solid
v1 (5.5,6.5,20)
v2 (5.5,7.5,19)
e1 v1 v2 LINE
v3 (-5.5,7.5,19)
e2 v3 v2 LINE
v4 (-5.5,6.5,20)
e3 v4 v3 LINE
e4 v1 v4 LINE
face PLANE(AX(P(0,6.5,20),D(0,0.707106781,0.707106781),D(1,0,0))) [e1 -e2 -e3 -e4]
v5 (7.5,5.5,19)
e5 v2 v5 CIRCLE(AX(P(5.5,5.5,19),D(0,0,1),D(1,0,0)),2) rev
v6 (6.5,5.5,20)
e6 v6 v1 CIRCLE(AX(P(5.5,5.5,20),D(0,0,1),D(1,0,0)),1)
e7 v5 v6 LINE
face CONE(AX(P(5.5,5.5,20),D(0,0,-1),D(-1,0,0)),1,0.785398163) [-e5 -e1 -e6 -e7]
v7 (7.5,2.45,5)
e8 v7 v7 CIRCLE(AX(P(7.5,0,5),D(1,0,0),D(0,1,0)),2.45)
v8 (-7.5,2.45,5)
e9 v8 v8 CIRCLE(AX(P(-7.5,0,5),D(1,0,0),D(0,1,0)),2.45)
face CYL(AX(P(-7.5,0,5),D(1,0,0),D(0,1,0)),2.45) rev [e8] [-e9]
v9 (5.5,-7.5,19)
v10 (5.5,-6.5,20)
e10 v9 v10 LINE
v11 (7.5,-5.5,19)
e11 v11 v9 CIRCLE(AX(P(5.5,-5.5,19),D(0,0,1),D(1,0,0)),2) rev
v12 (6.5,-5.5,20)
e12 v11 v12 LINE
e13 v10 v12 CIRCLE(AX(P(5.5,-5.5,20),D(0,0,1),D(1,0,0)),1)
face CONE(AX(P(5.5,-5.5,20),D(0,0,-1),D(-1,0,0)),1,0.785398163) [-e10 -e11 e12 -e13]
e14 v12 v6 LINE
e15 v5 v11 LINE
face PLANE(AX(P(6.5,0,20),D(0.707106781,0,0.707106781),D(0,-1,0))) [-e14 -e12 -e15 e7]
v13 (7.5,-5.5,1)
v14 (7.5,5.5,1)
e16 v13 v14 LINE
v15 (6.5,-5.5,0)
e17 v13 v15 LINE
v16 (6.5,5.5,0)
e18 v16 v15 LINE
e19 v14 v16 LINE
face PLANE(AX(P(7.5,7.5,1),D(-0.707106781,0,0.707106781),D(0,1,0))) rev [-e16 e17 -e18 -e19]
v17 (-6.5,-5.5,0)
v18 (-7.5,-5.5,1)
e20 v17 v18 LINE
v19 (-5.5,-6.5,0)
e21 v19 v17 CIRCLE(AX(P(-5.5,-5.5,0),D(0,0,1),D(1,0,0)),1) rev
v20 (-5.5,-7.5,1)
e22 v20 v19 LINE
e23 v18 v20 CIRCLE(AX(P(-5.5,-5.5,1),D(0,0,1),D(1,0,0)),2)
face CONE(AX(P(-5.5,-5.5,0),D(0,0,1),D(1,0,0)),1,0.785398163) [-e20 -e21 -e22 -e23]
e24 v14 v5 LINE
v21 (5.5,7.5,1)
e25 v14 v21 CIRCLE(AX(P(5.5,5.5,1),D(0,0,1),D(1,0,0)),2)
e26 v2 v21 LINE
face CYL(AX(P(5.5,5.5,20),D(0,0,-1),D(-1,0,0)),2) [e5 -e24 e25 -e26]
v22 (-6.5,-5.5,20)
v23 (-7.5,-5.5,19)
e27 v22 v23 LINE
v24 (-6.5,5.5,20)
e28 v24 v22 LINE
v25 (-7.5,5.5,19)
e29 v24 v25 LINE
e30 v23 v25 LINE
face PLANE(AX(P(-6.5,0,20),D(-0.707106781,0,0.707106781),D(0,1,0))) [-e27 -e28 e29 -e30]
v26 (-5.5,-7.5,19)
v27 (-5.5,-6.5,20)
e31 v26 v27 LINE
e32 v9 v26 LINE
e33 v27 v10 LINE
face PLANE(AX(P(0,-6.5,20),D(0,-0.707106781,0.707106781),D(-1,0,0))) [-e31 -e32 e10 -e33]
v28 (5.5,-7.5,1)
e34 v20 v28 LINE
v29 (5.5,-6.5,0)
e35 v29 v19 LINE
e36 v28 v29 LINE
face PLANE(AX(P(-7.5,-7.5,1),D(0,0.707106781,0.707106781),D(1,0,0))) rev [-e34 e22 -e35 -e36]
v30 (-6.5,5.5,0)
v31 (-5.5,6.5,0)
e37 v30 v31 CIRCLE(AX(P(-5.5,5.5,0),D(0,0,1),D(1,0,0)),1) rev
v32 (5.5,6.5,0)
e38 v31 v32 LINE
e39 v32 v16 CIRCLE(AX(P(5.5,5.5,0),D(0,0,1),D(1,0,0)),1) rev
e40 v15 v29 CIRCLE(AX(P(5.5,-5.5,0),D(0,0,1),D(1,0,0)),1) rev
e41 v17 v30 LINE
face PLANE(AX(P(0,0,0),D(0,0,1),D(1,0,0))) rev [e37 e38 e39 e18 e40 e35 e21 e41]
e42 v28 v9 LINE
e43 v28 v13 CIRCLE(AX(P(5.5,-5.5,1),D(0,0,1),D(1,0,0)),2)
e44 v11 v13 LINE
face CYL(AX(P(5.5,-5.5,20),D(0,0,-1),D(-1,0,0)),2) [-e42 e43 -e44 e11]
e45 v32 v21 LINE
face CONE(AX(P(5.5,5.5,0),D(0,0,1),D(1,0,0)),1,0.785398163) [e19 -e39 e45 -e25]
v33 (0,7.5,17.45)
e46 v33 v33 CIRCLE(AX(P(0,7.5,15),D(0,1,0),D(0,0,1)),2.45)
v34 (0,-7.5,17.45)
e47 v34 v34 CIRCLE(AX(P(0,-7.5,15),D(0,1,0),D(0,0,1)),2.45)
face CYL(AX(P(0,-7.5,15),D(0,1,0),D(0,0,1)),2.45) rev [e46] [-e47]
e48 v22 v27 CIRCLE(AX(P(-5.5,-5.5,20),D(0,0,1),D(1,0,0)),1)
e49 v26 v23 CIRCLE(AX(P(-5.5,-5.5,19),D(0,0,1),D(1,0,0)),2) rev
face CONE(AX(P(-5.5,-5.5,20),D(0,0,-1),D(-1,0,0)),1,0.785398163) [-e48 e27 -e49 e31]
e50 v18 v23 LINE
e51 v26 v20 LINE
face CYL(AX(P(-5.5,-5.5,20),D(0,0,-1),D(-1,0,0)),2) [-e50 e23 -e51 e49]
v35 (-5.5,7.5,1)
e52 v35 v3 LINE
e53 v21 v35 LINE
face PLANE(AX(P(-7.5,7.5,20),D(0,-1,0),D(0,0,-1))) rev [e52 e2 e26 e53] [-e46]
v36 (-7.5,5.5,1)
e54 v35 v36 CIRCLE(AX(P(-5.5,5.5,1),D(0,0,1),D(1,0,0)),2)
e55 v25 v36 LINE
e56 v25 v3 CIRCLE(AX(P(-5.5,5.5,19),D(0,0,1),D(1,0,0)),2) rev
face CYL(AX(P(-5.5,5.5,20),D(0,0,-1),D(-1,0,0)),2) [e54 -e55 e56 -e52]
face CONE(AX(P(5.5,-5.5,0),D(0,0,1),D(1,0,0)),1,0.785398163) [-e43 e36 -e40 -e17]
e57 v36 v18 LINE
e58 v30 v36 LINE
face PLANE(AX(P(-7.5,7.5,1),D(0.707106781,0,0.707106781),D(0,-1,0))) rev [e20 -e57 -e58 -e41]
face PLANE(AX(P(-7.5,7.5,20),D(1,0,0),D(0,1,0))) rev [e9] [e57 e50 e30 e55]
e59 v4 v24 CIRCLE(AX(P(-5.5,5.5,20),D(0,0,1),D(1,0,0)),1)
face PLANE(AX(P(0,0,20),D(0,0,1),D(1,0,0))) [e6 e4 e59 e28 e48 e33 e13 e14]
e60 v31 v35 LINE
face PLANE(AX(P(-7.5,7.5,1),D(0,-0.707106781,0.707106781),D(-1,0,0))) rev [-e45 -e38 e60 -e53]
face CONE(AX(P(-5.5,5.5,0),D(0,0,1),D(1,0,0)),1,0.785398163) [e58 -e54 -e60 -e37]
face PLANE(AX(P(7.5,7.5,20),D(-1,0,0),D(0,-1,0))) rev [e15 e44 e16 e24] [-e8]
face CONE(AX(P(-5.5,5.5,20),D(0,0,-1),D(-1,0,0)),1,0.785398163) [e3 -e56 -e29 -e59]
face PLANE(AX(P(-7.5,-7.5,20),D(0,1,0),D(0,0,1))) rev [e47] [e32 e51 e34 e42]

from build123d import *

# Parameters (mm, degrees)
SKETCH_1_W          = 15
SKETCH_1_H          = 15
EXTRUDE_1_DEPTH     = 20
SKETCH_2_R          = 2.45
CUT_EXTRUDE_1_DEPTH = 16
SKETCH_3_R          = 2.45
CUT_EXTRUDE_2_DEPTH = 16
FILLET_1_R          = 2
CHAMFER_1_SIZE      = 1


with BuildPart() as part:
    # ｽｹｯﾁ1 → ﾎﾞｽ - 押し出し1 (new body)
    with BuildSketch(Plane.XY):
        Rectangle(SKETCH_1_W, SKETCH_1_H)
    extrude(amount=EXTRUDE_1_DEPTH)

    # ｽｹｯﾁ2 → ｶｯﾄ - 押し出し1 (cut, through all)
    with BuildSketch(Plane(origin=(7.5, 0, 0), x_dir=(0, 0, -1), z_dir=(1, 0, 0))):
        with Locations((-5, 0)):
            Circle(SKETCH_2_R)
    extrude(amount=-CUT_EXTRUDE_1_DEPTH, mode=Mode.SUBTRACT)

    # ｽｹｯﾁ3 → ｶｯﾄ - 押し出し2 (cut, through all)
    with BuildSketch(Plane(origin=(0, 7.5, 0), x_dir=(1, 0, 0), z_dir=(0, 1, 0))):
        with Locations((0, -15)):
            Circle(SKETCH_3_R)
    extrude(amount=-CUT_EXTRUDE_2_DEPTH, mode=Mode.SUBTRACT)

    # ﾌｨﾚｯﾄ1
    fillet_1_edges = [part.edges().sort_by_distance(p)[0] for p in [
        (7.5, -7.5, 10),
        (-7.5, -7.5, 10),
        (-7.5, 7.5, 10),
        (7.5, 7.5, 10),
    ]]
    fillet(fillet_1_edges, radius=FILLET_1_R)

    # 面取り1
    chamfer_1_edges = [part.edges().sort_by_distance(p)[0] for p in [
        (7.5, 0, 0),
        (7.5, 0, 20),
        (0, -7.5, 0),
        (-7.5, 0, 0),
        (0, 7.5, 0),
        (6.914213562, 6.914213562, 0),
        (-6.914213562, 6.914213562, 0),
        (-6.914213562, -6.914213562, 0),
        (6.914213562, -6.914213562, 0),
        (0, -7.5, 20),
        (0, 7.5, 20),
        (-7.5, 0, 20),
        (6.914213562, 6.914213562, 20),
        (-6.914213562, 6.914213562, 20),
        (-6.914213562, -6.914213562, 20),
        (6.914213562, -6.914213562, 20),
    ]]
    chamfer(chamfer_1_edges, length=CHAMFER_1_SIZE)


solid = part.part
